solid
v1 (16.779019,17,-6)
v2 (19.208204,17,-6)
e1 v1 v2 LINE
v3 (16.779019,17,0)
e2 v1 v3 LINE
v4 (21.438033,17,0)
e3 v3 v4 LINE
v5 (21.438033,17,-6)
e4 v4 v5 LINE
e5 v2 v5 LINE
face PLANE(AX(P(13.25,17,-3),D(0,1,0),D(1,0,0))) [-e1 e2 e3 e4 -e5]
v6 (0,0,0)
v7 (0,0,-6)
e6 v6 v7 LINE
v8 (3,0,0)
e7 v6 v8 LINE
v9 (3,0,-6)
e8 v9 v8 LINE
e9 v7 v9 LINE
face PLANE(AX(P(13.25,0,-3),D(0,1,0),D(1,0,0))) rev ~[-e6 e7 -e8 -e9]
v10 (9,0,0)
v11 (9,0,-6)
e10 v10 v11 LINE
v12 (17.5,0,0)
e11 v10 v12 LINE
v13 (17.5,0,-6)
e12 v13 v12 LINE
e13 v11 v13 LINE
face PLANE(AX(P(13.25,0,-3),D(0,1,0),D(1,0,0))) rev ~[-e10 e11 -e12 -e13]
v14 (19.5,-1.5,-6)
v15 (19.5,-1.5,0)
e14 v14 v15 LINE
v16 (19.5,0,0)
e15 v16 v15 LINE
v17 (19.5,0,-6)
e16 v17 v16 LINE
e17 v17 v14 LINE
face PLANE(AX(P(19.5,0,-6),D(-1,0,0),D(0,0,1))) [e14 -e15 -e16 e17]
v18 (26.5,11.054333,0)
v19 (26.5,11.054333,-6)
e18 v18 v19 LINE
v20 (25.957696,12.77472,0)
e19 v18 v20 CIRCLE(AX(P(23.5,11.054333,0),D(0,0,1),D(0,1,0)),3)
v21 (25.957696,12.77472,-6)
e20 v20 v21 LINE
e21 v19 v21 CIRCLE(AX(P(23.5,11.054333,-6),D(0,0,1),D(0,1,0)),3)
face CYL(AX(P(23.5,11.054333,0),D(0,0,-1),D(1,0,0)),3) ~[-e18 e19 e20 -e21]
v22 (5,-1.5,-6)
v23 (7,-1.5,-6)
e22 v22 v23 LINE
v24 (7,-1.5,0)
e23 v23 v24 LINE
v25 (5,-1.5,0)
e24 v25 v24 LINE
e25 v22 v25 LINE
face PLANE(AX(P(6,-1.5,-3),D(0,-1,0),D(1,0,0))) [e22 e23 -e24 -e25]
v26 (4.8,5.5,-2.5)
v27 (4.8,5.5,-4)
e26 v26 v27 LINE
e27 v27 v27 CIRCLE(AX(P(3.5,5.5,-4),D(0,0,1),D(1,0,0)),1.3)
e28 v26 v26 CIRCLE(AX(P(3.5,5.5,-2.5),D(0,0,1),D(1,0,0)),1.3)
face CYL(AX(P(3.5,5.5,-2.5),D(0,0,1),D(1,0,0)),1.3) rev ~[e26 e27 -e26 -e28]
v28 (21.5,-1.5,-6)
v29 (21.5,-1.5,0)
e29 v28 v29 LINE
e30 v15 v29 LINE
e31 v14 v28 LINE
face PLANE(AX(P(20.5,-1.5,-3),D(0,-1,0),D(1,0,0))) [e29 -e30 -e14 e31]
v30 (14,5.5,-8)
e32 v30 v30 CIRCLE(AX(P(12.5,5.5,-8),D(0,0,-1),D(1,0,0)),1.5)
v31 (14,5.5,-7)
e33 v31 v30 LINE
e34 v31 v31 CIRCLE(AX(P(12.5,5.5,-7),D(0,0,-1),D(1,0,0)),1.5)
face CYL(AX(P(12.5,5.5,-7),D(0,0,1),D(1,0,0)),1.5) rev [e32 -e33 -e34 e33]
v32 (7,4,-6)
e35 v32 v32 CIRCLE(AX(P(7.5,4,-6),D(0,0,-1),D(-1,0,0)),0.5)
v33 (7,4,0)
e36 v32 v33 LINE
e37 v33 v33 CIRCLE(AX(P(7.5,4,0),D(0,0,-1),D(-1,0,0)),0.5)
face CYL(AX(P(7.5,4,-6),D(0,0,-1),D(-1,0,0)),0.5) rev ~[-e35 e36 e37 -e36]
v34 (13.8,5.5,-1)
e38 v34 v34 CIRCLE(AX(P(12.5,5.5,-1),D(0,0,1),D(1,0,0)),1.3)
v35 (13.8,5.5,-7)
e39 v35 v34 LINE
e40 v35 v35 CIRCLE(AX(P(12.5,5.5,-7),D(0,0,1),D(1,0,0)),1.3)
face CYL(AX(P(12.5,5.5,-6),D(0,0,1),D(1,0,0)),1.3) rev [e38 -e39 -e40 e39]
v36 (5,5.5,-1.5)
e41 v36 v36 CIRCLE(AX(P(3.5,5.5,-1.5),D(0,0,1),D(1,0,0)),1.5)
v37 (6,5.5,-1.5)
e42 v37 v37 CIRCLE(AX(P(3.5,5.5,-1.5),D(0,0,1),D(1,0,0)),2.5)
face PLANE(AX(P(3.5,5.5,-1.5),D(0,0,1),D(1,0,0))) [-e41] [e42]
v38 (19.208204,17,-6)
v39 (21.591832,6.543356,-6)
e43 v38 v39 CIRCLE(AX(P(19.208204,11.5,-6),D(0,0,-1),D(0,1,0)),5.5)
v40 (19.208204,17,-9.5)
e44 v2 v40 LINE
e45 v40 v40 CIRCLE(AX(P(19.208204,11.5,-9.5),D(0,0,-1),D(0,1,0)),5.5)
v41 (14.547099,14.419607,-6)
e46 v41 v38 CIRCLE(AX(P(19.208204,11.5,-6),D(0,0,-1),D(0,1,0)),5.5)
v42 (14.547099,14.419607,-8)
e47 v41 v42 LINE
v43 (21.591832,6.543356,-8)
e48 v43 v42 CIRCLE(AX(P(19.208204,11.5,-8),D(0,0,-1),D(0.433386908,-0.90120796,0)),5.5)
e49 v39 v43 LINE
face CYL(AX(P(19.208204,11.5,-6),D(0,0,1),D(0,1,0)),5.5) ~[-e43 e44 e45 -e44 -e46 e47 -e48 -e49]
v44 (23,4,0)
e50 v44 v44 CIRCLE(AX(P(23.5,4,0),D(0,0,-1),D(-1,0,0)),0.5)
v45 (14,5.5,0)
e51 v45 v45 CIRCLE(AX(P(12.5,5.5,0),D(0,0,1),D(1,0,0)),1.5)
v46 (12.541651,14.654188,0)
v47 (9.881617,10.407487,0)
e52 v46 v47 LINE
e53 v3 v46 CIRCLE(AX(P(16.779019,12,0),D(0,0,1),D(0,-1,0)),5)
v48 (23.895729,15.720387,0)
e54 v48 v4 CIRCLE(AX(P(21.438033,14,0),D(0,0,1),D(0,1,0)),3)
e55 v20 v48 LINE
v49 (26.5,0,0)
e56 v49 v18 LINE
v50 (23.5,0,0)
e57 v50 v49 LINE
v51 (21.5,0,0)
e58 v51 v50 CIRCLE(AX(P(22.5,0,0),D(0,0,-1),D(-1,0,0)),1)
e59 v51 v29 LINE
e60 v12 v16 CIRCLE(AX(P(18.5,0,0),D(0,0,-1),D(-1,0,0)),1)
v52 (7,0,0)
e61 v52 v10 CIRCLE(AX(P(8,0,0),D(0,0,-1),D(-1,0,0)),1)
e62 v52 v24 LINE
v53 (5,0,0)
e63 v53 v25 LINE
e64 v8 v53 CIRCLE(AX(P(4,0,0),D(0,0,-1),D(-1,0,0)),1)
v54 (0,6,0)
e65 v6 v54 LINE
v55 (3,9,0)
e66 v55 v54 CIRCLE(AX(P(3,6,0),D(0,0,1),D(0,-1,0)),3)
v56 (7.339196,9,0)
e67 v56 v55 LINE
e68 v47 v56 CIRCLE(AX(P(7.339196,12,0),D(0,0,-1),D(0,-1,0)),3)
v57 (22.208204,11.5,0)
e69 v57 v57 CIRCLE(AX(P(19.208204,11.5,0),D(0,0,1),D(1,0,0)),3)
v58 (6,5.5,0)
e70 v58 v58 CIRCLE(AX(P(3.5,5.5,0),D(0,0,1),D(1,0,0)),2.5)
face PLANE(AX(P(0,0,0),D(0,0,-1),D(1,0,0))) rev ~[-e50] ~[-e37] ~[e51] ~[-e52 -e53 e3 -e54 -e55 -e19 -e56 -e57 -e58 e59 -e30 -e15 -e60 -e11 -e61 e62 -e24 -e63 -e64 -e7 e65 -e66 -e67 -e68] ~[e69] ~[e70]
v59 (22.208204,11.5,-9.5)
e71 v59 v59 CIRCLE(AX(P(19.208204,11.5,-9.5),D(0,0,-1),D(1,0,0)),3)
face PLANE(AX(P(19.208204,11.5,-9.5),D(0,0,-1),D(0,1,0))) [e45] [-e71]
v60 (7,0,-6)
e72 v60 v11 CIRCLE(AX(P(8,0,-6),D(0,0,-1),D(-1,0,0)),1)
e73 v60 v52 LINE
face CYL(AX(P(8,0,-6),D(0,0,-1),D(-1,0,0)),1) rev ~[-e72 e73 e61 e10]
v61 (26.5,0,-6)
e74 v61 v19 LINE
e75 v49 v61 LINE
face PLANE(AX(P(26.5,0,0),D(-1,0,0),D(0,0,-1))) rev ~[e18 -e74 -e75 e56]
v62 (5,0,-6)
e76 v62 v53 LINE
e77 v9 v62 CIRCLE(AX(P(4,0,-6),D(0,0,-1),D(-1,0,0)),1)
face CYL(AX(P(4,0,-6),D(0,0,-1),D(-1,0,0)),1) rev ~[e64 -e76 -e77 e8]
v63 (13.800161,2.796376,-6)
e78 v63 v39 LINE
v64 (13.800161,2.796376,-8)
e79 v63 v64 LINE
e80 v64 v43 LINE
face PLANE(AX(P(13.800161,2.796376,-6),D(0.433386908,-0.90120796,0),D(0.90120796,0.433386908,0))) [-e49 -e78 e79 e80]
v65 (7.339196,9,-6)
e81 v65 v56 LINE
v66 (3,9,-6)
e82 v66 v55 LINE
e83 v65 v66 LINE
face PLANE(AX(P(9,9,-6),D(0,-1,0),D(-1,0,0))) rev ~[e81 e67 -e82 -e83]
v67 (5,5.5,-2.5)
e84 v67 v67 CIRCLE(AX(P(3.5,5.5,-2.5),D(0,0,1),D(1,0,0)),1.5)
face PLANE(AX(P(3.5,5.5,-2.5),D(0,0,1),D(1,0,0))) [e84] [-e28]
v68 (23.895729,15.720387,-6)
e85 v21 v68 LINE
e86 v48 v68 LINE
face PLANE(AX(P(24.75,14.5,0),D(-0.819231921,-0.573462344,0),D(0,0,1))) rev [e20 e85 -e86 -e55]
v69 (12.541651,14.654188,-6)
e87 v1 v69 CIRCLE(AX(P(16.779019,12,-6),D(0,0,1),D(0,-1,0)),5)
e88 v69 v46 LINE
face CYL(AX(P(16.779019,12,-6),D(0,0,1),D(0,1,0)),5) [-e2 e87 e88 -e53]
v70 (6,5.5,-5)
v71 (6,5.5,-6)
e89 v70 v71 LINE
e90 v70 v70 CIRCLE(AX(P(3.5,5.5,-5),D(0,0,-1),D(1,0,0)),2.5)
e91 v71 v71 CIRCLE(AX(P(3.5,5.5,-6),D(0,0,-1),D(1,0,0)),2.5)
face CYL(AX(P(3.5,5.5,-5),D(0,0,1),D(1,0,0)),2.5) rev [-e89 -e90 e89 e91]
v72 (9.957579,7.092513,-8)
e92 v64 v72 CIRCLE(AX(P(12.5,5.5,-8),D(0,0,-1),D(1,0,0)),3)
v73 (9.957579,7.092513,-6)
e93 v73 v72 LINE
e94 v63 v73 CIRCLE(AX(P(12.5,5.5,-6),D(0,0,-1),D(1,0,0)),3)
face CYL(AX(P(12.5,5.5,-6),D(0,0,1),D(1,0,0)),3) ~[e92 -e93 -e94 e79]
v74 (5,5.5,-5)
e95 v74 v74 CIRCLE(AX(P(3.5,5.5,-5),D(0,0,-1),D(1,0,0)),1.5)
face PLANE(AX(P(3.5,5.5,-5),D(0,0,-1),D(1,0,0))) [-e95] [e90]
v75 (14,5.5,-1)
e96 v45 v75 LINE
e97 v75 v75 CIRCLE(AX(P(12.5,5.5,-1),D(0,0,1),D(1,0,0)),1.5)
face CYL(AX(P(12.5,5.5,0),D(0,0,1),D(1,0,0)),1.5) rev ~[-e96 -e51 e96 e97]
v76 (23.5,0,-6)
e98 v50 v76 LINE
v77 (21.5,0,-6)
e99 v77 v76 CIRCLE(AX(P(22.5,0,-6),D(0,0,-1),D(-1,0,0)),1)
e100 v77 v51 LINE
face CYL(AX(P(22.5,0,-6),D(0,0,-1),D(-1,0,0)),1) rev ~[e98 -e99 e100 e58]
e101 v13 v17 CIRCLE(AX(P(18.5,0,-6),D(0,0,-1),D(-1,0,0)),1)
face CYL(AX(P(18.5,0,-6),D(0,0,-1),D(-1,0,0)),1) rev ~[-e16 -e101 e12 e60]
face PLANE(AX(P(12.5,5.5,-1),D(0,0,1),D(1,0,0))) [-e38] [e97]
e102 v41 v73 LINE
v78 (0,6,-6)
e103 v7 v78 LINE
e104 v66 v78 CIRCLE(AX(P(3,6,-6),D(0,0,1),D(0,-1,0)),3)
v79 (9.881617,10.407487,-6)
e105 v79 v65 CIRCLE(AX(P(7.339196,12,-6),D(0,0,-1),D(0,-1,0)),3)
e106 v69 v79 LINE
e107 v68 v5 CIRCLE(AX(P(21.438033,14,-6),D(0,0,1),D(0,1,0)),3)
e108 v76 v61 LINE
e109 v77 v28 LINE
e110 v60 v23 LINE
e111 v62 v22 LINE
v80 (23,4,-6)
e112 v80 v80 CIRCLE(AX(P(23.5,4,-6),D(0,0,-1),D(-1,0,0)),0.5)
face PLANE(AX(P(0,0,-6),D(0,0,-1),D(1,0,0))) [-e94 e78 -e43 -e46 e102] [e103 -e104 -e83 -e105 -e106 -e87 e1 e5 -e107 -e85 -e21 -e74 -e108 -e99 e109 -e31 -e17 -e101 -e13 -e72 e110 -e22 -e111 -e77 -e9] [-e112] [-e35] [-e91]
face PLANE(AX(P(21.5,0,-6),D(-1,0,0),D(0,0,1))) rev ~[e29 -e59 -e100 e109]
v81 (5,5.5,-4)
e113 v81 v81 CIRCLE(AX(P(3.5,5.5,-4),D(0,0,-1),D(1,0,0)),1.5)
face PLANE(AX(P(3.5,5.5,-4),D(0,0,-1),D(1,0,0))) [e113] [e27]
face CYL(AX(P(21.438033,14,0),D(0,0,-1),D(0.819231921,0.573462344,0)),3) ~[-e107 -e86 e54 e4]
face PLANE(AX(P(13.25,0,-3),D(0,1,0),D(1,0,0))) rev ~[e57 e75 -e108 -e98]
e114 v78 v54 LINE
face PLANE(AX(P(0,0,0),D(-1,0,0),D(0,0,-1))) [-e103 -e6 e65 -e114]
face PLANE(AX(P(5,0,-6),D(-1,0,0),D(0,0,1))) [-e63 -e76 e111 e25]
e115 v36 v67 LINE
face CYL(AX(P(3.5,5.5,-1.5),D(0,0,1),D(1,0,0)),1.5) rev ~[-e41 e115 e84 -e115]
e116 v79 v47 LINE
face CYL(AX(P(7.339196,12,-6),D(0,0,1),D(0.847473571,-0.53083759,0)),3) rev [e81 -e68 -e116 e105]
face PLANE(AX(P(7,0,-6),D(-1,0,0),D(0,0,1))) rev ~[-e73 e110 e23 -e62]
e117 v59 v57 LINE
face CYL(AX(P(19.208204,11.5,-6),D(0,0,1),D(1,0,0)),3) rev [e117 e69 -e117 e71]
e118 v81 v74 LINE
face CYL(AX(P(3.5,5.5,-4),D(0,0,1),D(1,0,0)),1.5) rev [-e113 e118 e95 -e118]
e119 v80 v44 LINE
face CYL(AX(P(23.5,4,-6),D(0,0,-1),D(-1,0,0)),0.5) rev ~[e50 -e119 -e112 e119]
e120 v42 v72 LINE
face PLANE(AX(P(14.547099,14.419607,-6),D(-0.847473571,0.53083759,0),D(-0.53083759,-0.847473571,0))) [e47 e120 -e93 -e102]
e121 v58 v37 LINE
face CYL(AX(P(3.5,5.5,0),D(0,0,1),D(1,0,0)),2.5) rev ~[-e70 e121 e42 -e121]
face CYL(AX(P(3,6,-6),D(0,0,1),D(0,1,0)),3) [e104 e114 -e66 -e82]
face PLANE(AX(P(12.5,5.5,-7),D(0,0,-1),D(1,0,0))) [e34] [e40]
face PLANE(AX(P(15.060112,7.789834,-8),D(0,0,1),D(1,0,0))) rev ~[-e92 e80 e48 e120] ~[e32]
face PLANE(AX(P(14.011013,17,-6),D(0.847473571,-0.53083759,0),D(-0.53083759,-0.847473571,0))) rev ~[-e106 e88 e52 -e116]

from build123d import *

# Parameters (mm, degrees)
SKETCH1_W                       = 26.5
SKETCH1_H                       = 6
BOSS_EXTRUDE1_DEPTH             = 17
SKETCH2_R                       = 1.5
CUT_EXTRUDE1_DEPTH              = 1
SKETCH3_R                       = 1.3
CUT_EXTRUDE2_DEPTH              = 32.878676259
SKETCH4_R                       = 3
CUT_EXTRUDE3_DEPTH              = 33.050741021
SKETCH5_R                       = 2.5
CUT_EXTRUDE4_DEPTH              = 1.5
SKETCH6_R                       = 1.5
CUT_EXTRUDE8_DEPTH              = 1
SKETCH7_R                       = 1.3
CUT_EXTRUDE9_DEPTH              = 32.678068123
CUT_EXTRUDE10_START             = -1
SKETCH8_R                       = 2.5
CUT_EXTRUDE10_DEPTH             = 1
CUT_EXTRUDE11_START             = -1
SKETCH9_R                       = 1.5
CUT_EXTRUDE11_DEPTH             = 1
SKETCH10_R                      = 5.5
SKETCH10_R_2                    = 3
BOSS_EXTRUDE2_DEPTH             = 3.5
SKETCH11_R                      = 3
SKETCH11_R_2                    = 1.3
BOSS_EXTRUDE4_DEPTH             = 2
CUT_EXTRUDE12_START             = -1
SKETCH12_R                      = 1.5
CUT_EXTRUDE12_DEPTH             = 1
SKETCH17_W                      = 2
SKETCH17_H                      = 6
BOSS_EXTRUDE6_DEPTH             = 1.5
SKETCH18_R                      = 1
CUT_EXTRUDE17_DEPTH             = 33.050741021
CHAMFER2_SIZE                   = 5
CHAMFER2_SIZE2                  = 3.5
FILLET11_R                      = 3
BOSS_EXTRUDE7_DEPTH             = 2
CUT_EXTRUDE19_DEPTH             = 33.050741021
FILLET13_R                      = 5
FILLET14_R                      = 3
FILLET15_R                      = 3
SKIZZE1_R                       = 0.5
SCHNITT_LINEAR_AUSTRAGEN1_DEPTH = 33.050741021


with BuildPart() as part:
    # Sketch1 → Boss-Extrude1 (new body)
    with BuildSketch(Plane(origin=(0, 0, 0), x_dir=(1, 0, 0), z_dir=(0, 1, 0))):
        with Locations((13.25, 3)):
            Rectangle(SKETCH1_W, SKETCH1_H)
    extrude(amount=BOSS_EXTRUDE1_DEPTH)

    # Sketch2 → Cut-Extrude1 (cut)
    with BuildSketch(Plane.XY):
        with Locations((12.5, 5.5)):
            Circle(SKETCH2_R)
    extrude(amount=-CUT_EXTRUDE1_DEPTH, mode=Mode.SUBTRACT)

    # Sketch3 → Cut-Extrude2 (cut, through all)
    with BuildSketch(Plane.XY.offset(-1)):
        with Locations((12.5, 5.5)):
            Circle(SKETCH3_R)
    extrude(amount=-CUT_EXTRUDE2_DEPTH, mode=Mode.SUBTRACT)

    # Sketch4 → Cut-Extrude3 (cut, through all)
    with BuildSketch(Plane.XY):
        with Locations((19.208203932, 11.5)):
            Circle(SKETCH4_R)
    extrude(amount=-CUT_EXTRUDE3_DEPTH, mode=Mode.SUBTRACT)

    # Sketch5 → Cut-Extrude4 (cut)
    with BuildSketch(Plane.XY):
        with Locations((3.5, 5.5)):
            Circle(SKETCH5_R)
    extrude(amount=-CUT_EXTRUDE4_DEPTH, mode=Mode.SUBTRACT)

    # Sketch6 → Cut-Extrude8 (cut)
    with BuildSketch(Plane.XY.offset(-1.5)):
        with Locations((3.5, 5.5)):
            Circle(SKETCH6_R)
    extrude(amount=-CUT_EXTRUDE8_DEPTH, mode=Mode.SUBTRACT)

    # Sketch7 → Cut-Extrude9 (cut, through all)
    with BuildSketch(Plane.XY.offset(-2.5)):
        with Locations((3.5, 5.5)):
            Circle(SKETCH7_R)
    extrude(amount=-CUT_EXTRUDE9_DEPTH, mode=Mode.SUBTRACT)

    # Sketch8 → Cut-Extrude10 (cut)
    with BuildSketch(Plane(origin=(0, 0, -6), x_dir=(-1, 0, 0), z_dir=(0, 0, -1)).offset(CUT_EXTRUDE10_START)):
        with Locations(Location((-3.5, 5.5, 0), (0, 0, 180))):
            Circle(SKETCH8_R)
    extrude(amount=CUT_EXTRUDE10_DEPTH, mode=Mode.SUBTRACT)

    # Sketch9 → Cut-Extrude11 (cut)
    with BuildSketch(Plane(origin=(0, 0, -5), x_dir=(-1, 0, 0), z_dir=(0, 0, -1)).offset(CUT_EXTRUDE11_START)):
        with Locations(Location((-3.5, 5.5, 0), (0, 0, 180))):
            Circle(SKETCH9_R)
    extrude(amount=CUT_EXTRUDE11_DEPTH, mode=Mode.SUBTRACT)

    # Sketch10 → Boss-Extrude2 (add)
    with BuildSketch(Plane(origin=(0, 0, -6), x_dir=(-1, 0, 0), z_dir=(0, 0, -1))):
        with Locations(Location((-19.208203932, 11.5, 0), (0, 0, 90))):
            Circle(SKETCH10_R)
        with Locations(Location((-19.208203932, 11.5, 0), (0, 0, 180))):
            Circle(SKETCH10_R_2, mode=Mode.SUBTRACT)
    extrude(amount=BOSS_EXTRUDE2_DEPTH)

    # Sketch11 → Boss-Extrude4 (add)
    with BuildSketch(Plane(origin=(0, 0, -6), x_dir=(-1, 0, 0), z_dir=(0, 0, -1))):
        with Locations(Location((-12.5, 5.5, 0), (0, 0, 180))):
            Circle(SKETCH11_R)
        with Locations(Location((-12.5, 5.5, 0), (0, 0, 180))):
            Circle(SKETCH11_R_2, mode=Mode.SUBTRACT)
    extrude(amount=BOSS_EXTRUDE4_DEPTH)

    # Sketch12 → Cut-Extrude12 (cut)
    with BuildSketch(Plane(origin=(0, 0, -8), x_dir=(-1, 0, 0), z_dir=(0, 0, -1)).offset(CUT_EXTRUDE12_START)):
        with Locations(Location((-12.5, 5.5, 0), (0, 0, 180))):
            Circle(SKETCH12_R)
    extrude(amount=CUT_EXTRUDE12_DEPTH, mode=Mode.SUBTRACT)

    # Sketch17 → Boss-Extrude6 (add)
    with BuildSketch(Plane.XZ):
        with Locations((6, -3)):
            Rectangle(SKETCH17_W, SKETCH17_H)
        with Locations((20.5, -3)):
            Rectangle(SKETCH17_W, SKETCH17_H)
    extrude(amount=BOSS_EXTRUDE6_DEPTH)

    # Sketch18 → Cut-Extrude17 (cut, through all)
    with BuildSketch(Plane(origin=(0, 0, -6), x_dir=(-1, 0, 0), z_dir=(0, 0, -1))):
        with Locations((-22.5, 0)):
            Circle(SKETCH18_R)
        with Locations((-18.5, 0)):
            Circle(SKETCH18_R)
        with Locations((-8, 0)):
            Circle(SKETCH18_R)
        with Locations((-4, 0)):
            Circle(SKETCH18_R)
    extrude(amount=-CUT_EXTRUDE17_DEPTH, mode=Mode.SUBTRACT)

    # Chamfer2
    chamfer2_edges = [part.edges().sort_by_distance(p)[0] for p in [
        (26.5, 17, -3),
    ]]
    chamfer2_side = [part.faces().sort_by_distance(p)[0] for p in [
        (26.5, 8.5, -3),
    ]]
    chamfer(chamfer2_edges, length=CHAMFER2_SIZE, length2=CHAMFER2_SIZE2, reference=chamfer2_side[0])

    # Fillet11
    fillet11_edges = [part.edges().sort_by_distance(p)[0] for p in [
        (23, 17, -3),
        (26.5, 12, -3),
    ]]
    fillet(fillet11_edges, radius=FILLET11_R)

    # Sketch19 → Boss-Extrude7 (add)
    with BuildSketch(Plane(origin=(0, 0, -6), x_dir=(-1, 0, 0), z_dir=(0, 0, -1))):
        with BuildLine():
            Line((-14.547099294, 14.419606745), (-9.957579288, 7.09251277))
            ThreePointArc((-9.957579288, 7.09251277), (-14.736067977, 7.5), (-13.800160725, 2.796376119))
            Line((-13.800160725, 2.796376119), (-21.591831928, 6.543356218))
            ThreePointArc((-21.591831928, 6.543356218), (-15.108745974, 7.833333333), (-14.547099294, 14.419606745))
        make_face()
    extrude(amount=BOSS_EXTRUDE7_DEPTH)

    # Sketch20 → Cut-Extrude19 (cut, through all)
    with BuildSketch(Plane(origin=(0, 0, -6), x_dir=(-1, 0, 0), z_dir=(0, 0, -1))):
        Polygon((0, 17), (-14.011012575, 17), (-9, 9), (0, 9), align=None)
    extrude(amount=-CUT_EXTRUDE19_DEPTH, mode=Mode.SUBTRACT)

    # Fillet13
    fillet13_edges = [part.edges().sort_by_distance(p)[0] for p in [
        (14.011012575, 17, -3),
    ]]
    fillet(fillet13_edges, radius=FILLET13_R)

    # Fillet14
    fillet14_edges = [part.edges().sort_by_distance(p)[0] for p in [
        (9, 9, -3),
    ]]
    fillet(fillet14_edges, radius=FILLET14_R)

    # Fillet15
    fillet15_edges = [part.edges().sort_by_distance(p)[0] for p in [
        (0, 9, -3),
    ]]
    fillet(fillet15_edges, radius=FILLET15_R)

    # Skizze1 → Schnitt-Linear austragen1 (cut, through all)
    with BuildSketch(Plane(origin=(0, 0, -6), x_dir=(-1, 0, 0), z_dir=(0, 0, -1))):
        with Locations((-23.5, 4)):
            Circle(SKIZZE1_R)
        with Locations((-7.5, 4)):
            Circle(SKIZZE1_R)
    extrude(amount=-SCHNITT_LINEAR_AUSTRAGEN1_DEPTH, mode=Mode.SUBTRACT)


solid = part.part
